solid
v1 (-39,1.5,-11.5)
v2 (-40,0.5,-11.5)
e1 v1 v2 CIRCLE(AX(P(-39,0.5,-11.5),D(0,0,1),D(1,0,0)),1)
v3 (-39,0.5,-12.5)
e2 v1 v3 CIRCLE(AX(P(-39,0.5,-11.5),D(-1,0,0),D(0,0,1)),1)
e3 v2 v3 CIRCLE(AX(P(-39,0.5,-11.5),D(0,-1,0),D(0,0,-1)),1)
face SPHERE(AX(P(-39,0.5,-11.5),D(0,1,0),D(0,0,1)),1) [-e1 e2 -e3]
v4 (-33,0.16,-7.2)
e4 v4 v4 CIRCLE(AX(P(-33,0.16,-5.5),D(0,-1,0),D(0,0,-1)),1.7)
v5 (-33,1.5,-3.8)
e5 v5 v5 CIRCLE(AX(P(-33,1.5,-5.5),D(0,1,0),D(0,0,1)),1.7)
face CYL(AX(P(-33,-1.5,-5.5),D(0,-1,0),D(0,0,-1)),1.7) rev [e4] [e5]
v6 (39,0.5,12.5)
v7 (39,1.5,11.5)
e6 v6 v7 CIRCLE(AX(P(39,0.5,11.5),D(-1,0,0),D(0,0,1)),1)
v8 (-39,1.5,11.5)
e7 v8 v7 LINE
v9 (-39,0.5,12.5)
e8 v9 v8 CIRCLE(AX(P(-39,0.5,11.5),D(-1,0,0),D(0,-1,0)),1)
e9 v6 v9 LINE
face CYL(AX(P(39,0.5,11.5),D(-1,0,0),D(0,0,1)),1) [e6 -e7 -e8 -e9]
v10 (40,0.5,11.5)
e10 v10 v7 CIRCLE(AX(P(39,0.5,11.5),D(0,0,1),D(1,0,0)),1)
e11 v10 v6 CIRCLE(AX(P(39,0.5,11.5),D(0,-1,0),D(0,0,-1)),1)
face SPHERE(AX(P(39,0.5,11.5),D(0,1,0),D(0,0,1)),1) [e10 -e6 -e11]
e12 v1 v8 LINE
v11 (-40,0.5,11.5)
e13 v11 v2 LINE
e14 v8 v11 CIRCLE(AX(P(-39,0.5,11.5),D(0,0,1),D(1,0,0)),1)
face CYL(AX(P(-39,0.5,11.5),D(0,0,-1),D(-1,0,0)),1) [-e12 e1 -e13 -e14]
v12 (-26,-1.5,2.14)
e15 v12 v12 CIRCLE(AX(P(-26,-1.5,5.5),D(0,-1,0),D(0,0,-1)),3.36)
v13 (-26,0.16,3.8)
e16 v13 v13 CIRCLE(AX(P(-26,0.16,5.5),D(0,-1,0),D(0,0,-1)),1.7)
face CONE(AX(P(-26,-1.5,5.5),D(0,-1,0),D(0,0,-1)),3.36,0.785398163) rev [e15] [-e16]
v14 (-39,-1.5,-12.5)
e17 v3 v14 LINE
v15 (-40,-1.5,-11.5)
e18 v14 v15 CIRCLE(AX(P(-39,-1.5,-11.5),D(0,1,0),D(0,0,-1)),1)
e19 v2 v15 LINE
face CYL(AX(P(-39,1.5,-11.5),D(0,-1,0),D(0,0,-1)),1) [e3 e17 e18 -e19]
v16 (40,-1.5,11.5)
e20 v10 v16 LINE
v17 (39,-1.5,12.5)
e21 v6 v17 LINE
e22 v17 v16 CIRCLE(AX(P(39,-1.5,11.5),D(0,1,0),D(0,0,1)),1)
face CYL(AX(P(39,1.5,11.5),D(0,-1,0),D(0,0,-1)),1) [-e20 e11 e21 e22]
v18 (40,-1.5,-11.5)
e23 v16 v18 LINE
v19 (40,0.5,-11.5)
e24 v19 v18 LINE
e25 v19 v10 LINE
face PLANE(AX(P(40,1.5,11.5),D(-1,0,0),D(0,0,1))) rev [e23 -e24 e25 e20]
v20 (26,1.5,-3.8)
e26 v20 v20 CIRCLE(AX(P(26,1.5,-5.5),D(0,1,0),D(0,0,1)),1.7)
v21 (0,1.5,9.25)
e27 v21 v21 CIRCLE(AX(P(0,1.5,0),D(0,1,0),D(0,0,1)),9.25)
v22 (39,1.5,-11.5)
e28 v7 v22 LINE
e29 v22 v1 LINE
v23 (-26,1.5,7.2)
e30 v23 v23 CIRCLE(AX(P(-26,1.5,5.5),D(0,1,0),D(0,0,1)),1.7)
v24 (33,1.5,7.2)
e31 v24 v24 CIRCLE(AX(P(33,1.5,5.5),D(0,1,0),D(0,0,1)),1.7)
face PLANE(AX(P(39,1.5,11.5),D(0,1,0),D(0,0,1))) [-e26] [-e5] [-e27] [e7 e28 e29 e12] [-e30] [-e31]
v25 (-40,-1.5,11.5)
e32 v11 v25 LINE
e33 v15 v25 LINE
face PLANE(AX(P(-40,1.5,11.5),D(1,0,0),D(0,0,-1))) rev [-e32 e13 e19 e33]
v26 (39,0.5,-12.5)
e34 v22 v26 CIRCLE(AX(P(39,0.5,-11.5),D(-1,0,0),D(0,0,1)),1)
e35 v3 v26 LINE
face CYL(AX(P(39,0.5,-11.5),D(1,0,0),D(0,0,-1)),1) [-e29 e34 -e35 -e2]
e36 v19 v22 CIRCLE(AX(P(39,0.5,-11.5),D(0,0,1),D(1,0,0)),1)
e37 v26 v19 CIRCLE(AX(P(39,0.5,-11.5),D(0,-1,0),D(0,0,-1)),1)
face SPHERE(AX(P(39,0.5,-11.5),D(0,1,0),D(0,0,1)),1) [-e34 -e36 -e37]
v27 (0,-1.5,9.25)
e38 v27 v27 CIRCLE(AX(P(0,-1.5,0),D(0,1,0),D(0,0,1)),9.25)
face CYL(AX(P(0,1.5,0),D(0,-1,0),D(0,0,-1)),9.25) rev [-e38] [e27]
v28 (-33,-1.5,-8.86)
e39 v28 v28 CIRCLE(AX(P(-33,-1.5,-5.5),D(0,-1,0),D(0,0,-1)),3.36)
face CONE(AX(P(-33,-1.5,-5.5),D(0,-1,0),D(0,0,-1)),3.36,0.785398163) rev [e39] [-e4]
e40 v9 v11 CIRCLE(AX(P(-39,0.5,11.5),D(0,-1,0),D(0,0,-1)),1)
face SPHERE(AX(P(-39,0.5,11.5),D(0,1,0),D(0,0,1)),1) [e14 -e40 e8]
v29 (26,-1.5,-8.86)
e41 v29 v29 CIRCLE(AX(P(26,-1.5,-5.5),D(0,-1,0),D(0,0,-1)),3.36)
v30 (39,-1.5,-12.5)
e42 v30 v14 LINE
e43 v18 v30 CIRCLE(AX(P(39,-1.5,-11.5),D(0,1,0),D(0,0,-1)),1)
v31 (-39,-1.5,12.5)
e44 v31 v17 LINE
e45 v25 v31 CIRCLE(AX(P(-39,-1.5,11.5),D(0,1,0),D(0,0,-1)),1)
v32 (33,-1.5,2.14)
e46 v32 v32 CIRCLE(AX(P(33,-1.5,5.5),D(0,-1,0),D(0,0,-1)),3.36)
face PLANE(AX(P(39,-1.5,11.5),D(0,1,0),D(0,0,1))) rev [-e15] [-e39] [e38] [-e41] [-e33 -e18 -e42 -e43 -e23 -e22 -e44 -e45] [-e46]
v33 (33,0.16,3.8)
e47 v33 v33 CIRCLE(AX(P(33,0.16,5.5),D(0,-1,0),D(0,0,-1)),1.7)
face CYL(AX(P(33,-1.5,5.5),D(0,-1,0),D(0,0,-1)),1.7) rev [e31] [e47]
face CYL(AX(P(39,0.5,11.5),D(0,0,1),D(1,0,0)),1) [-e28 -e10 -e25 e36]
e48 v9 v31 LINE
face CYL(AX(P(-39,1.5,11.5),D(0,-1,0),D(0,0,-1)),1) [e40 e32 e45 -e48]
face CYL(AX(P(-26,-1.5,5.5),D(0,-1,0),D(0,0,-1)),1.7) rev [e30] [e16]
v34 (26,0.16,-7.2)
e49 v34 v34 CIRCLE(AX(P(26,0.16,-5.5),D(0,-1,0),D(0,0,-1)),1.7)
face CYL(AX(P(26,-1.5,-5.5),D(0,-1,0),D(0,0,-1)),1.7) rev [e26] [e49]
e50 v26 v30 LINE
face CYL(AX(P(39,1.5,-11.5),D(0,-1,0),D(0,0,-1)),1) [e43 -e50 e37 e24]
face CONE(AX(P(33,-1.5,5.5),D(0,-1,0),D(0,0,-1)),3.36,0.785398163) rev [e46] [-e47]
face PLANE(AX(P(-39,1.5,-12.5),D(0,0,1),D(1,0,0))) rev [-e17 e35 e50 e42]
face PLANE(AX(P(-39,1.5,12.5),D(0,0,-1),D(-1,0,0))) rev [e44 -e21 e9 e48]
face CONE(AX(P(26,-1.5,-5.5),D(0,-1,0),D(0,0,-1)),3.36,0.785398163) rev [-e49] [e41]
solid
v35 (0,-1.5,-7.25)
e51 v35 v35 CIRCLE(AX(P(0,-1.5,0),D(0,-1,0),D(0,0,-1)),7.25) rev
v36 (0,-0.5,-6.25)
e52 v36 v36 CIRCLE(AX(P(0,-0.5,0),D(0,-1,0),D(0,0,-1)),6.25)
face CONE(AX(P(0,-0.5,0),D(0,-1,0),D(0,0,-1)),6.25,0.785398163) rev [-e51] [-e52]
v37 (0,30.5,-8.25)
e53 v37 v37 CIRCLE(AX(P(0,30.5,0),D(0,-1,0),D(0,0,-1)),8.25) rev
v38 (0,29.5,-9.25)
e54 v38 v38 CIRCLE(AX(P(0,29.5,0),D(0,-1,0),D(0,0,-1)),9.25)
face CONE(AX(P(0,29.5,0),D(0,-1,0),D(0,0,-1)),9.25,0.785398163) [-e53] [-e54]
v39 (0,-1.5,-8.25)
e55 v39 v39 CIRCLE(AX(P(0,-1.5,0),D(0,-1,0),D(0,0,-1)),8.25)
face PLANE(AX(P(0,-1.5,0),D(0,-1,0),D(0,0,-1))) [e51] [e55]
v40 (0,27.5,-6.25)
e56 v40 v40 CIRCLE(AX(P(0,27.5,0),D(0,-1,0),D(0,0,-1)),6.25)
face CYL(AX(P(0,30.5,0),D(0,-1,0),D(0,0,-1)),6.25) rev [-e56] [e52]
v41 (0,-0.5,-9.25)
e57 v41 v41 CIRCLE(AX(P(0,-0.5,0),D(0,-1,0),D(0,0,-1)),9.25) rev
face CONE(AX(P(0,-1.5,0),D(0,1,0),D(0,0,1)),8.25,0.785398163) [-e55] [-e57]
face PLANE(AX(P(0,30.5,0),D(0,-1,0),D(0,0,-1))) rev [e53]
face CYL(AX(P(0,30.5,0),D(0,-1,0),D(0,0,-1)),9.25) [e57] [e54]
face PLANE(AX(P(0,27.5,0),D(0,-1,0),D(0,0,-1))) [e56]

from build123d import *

# Parameters (mm, degrees)
ESBO_O1_R                           = 9.25
RESSALTO_EXTRUS_O1_DEPTH            = 1.5
ESBO_O3_R                           = 9.25
RESSALTO_EXTRUS_O3_DEPTH            = 32
CASCA1_T                            = -3
CHANFRO1_SIZE                       = 1
FILETE1_R                           = 1
CHANFRO2_SIZE                       = 1
ESCAREADO_PARA_SFHCS_M31_AT_2_COUNT = 2
ESCAREADO_PARA_SFHCS_M31_AT_2_PITCH = 13.03840481
ESCAREADO_PARA_SFHCS_M31_AT_3_COUNT = 2
ESCAREADO_PARA_SFHCS_M31_AT_3_PITCH = 53.150729064
ESCAREADO_PARA_SFHCS_M31_AT_4_COUNT = 2
ESCAREADO_PARA_SFHCS_M31_AT_4_PITCH = 59


with BuildPart() as part:
    # Esboço1 → Ressalto-extrusão1 (new, symmetric)
    with BuildSketch(Plane(origin=(0, 0, 0), x_dir=(1, 0, 0), z_dir=(0, 1, 0))):
        with BuildLine():
            Line((-39, -12.5), (39, -12.5))
            ThreePointArc((39, -12.5), (39.707106781, -12.207106781), (40, -11.5))
            Line((40, -11.5), (40, 11.5))
            ThreePointArc((40, 11.5), (39.707106781, 12.207106781), (39, 12.5))
            Line((39, 12.5), (-39, 12.5))
            ThreePointArc((-39, 12.5), (-39.707106781, 12.207106781), (-40, 11.5))
            Line((-40, 11.5), (-40, -11.5))
            ThreePointArc((-40, -11.5), (-39.707106781, -12.207106781), (-39, -12.5))
        make_face()
        with Locations(Location((0, 0, 0), (0, 0, 270))):
            Circle(ESBO_O1_R, mode=Mode.SUBTRACT)
    extrude(amount=RESSALTO_EXTRUS_O1_DEPTH, both=True)

    # Filete1
    filete1_edges = [part.edges().sort_by_distance(p)[0] for p in [
        (39.707106781, 1.5, -12.207106781),
        (0, 1.5, -12.5),
        (-39.707106781, 1.5, -12.207106781),
        (-40, 1.5, 0),
        (-39.707106781, 1.5, 12.207106781),
        (0, 1.5, 12.5),
        (39.707106781, 1.5, 12.207106781),
        (40, 1.5, 0),
    ]]
    fillet(filete1_edges, radius=FILETE1_R)

    # Esboço6 → Escareado para SFHCS M31 (revolve, cut)
    with BuildSketch(Plane(origin=(26, -1.5, -5.5), x_dir=(0, 0, -1), z_dir=(1, 0, 0))):
        Polygon((0, 0), (0, 32), (1.7, 32), (1.7, 1.66), (3.36, 0), align=None)
    escareado_para_sfhcs_m31 = revolve(axis=Axis((26, -7.85, -5.5), (0, 1, 0)), mode=Mode.SUBTRACT)

    # Escareado para SFHCS M31 at 2: Escareado para SFHCS M31 ×2
    with Locations(*[Vector(0.536875492193159, 0, 0.8436614877321077) * (i * ESCAREADO_PARA_SFHCS_M31_AT_2_PITCH) for i in range(1, ESCAREADO_PARA_SFHCS_M31_AT_2_COUNT)]):
        add(escareado_para_sfhcs_m31, mode=Mode.SUBTRACT)

    # Escareado para SFHCS M31 at 3: Escareado para SFHCS M31 ×2
    with Locations(*[Vector(-0.9783497031189412, 0, 0.20695859104439146) * (i * ESCAREADO_PARA_SFHCS_M31_AT_3_PITCH) for i in range(1, ESCAREADO_PARA_SFHCS_M31_AT_3_COUNT)]):
        add(escareado_para_sfhcs_m31, mode=Mode.SUBTRACT)

    # Escareado para SFHCS M31 at 4: Escareado para SFHCS M31 ×2
    with Locations(*[(-i * ESCAREADO_PARA_SFHCS_M31_AT_4_PITCH, 0, 0) for i in range(1, ESCAREADO_PARA_SFHCS_M31_AT_4_COUNT)]):
        add(escareado_para_sfhcs_m31, mode=Mode.SUBTRACT)


with BuildPart() as body_2:
    # Esboço3 → Ressalto-extrusão3 (new body)
    with BuildSketch(Plane.XZ.offset(1.5)):
        with Locations(Location((0, 0, 0), (0, 0, 270))):
            Circle(ESBO_O3_R)
    extrude(amount=-RESSALTO_EXTRUS_O3_DEPTH)

    # Casca1
    casca1_openings = [body_2.faces().sort_by_distance(p)[0] for p in [
        (0, -1.5, 0),
    ]]
    offset(amount=CASCA1_T, openings=casca1_openings, kind=Kind.INTERSECTION)

    # Chanfro1
    chanfro1_edges = [body_2.edges().sort_by_distance(p)[0] for p in [
        (0, 30.5, 9.25),
    ]]
    chamfer(chanfro1_edges, length=CHANFRO1_SIZE)

    # Chanfro2
    chanfro2_edges = [body_2.edges().sort_by_distance(p)[0] for p in [
        (0, -1.5, 9.25),
        (0, -1.5, 6.25),
    ]]
    chamfer(chanfro2_edges, length=CHANFRO2_SIZE)


solid = Compound([part.part, body_2.part])
